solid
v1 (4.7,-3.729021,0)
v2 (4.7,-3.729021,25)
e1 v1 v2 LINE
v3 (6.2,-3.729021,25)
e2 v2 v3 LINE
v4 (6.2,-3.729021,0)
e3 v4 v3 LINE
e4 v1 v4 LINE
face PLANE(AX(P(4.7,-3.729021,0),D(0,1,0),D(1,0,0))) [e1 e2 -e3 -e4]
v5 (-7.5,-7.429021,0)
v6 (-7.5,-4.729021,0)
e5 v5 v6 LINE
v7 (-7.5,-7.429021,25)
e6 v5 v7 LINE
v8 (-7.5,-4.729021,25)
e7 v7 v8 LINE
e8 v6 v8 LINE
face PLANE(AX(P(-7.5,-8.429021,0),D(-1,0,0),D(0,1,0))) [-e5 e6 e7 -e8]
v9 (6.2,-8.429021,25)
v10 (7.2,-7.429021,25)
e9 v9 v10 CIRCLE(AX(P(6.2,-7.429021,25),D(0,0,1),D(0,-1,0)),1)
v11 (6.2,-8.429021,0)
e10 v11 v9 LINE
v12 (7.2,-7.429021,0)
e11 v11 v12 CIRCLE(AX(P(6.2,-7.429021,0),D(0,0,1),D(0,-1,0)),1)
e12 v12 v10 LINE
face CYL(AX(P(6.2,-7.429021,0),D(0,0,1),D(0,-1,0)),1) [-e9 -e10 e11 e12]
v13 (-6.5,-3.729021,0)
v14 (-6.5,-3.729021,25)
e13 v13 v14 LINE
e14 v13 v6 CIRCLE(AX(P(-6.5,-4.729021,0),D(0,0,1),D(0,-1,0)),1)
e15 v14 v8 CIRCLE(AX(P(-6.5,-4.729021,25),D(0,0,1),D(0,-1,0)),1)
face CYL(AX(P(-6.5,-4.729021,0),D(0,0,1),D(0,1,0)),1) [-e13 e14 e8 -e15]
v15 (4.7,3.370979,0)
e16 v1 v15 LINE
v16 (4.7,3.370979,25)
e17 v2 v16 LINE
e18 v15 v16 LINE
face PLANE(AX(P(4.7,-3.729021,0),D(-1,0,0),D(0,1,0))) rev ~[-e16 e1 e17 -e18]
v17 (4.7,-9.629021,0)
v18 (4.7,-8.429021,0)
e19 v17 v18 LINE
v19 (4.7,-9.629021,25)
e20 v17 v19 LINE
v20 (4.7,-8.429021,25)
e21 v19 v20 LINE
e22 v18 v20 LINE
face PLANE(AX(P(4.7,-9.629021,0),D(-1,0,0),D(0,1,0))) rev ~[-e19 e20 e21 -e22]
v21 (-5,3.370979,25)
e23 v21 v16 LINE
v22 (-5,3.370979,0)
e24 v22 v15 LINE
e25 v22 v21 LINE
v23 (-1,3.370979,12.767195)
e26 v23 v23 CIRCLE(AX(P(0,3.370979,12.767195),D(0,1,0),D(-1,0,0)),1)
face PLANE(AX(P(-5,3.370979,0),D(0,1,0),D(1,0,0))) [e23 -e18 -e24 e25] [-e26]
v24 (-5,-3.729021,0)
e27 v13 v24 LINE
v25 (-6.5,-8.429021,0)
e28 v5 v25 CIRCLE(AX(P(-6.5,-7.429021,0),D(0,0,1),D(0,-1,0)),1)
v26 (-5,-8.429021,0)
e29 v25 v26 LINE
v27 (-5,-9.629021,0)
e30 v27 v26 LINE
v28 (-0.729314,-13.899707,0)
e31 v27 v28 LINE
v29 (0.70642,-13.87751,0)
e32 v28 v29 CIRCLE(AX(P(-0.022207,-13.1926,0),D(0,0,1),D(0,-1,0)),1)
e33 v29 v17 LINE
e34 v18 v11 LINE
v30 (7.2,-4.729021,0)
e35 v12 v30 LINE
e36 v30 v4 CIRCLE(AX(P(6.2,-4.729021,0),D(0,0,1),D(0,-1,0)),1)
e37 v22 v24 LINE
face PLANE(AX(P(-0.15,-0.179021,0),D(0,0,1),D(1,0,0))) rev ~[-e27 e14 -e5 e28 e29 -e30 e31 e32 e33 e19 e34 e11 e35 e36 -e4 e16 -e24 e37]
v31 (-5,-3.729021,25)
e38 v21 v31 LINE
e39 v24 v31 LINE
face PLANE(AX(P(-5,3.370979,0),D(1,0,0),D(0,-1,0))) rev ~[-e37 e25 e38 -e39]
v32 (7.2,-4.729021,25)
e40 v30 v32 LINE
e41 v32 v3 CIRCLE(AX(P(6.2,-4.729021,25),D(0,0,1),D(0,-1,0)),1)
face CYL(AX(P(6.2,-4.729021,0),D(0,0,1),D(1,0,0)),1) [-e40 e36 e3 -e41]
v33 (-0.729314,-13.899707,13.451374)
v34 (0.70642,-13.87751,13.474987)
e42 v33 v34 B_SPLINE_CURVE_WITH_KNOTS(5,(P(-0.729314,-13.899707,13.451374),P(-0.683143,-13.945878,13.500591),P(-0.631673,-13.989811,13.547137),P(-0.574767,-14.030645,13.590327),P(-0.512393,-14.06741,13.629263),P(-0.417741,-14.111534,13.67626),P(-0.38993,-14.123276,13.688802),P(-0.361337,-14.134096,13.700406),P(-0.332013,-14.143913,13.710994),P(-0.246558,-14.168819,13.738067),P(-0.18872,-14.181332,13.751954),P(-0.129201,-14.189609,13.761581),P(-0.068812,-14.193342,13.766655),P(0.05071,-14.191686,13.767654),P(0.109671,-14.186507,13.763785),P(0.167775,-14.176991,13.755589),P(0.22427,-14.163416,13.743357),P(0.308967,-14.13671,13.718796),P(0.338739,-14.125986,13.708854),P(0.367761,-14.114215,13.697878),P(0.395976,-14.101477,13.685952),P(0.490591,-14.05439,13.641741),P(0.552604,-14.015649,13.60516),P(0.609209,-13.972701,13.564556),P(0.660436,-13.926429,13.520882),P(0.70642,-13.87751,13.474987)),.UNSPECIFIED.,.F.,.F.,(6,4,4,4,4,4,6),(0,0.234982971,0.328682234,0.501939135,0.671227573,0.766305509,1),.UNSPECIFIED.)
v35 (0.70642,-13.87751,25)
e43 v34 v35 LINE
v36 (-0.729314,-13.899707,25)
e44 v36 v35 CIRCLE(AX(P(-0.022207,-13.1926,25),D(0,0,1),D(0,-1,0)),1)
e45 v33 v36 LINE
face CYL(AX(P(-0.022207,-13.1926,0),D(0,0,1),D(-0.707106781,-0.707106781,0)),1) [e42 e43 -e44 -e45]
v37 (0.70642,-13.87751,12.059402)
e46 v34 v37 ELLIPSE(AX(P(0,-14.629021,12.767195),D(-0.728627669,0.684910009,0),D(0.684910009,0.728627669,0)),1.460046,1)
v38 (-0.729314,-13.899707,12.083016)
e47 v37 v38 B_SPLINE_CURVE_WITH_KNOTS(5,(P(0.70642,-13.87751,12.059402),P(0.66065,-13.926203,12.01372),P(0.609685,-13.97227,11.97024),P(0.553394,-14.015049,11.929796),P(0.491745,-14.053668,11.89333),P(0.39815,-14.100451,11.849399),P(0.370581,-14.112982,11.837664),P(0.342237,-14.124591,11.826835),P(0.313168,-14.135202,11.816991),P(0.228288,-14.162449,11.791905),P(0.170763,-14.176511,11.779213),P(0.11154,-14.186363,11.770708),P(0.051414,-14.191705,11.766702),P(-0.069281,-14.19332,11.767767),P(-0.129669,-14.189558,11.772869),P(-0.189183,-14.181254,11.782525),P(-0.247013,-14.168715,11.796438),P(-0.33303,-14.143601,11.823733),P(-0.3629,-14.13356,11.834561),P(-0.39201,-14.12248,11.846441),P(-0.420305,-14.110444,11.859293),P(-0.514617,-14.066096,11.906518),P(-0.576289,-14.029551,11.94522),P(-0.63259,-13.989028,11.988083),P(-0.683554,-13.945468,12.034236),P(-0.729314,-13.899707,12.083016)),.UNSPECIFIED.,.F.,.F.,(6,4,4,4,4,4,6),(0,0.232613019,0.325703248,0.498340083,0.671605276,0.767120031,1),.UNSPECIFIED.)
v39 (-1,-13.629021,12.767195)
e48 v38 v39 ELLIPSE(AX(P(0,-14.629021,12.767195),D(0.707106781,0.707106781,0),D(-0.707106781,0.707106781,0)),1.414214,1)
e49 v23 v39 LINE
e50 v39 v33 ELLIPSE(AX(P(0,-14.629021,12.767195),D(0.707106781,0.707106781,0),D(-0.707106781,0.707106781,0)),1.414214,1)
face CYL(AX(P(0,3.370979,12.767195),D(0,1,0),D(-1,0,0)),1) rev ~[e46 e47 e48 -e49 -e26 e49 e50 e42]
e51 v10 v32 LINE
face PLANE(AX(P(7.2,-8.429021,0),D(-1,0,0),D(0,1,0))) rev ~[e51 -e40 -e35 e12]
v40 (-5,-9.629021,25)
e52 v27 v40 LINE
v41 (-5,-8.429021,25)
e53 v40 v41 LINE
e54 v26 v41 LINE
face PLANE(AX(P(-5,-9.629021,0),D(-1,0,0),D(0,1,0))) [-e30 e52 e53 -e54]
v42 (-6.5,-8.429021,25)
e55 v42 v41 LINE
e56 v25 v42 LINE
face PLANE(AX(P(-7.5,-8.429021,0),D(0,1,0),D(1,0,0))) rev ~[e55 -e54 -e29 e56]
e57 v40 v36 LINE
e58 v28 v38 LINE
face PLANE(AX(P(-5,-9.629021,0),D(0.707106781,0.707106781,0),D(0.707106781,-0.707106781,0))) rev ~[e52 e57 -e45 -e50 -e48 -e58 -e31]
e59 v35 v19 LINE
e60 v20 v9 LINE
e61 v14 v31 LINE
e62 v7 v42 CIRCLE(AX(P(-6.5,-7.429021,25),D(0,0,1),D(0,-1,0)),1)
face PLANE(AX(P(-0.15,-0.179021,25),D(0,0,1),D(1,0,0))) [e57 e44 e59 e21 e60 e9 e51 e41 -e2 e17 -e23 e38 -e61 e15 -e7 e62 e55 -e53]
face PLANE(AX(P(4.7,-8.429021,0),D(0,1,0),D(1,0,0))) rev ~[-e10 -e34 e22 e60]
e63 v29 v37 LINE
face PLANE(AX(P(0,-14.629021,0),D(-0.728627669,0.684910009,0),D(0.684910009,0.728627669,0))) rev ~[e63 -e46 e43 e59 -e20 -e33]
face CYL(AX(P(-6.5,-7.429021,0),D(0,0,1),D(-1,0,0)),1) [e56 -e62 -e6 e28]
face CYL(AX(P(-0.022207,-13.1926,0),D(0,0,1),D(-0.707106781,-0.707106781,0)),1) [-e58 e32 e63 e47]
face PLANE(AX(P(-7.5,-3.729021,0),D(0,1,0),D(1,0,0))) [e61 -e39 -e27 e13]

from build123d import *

# Parameters (mm, degrees)
F0_W     = 9.7
F0_H     = 7.1
F0_H_2   = 4.7
F0_W_2   = 2.5
F0_H_3   = 1.2
F1_DEPTH = 25
F2_R     = 1
F3_R     = 1
F4_DEPTH = 17.5645790518
F5_R     = 1
F6_DEPTH = 22.29565


with BuildPart() as f1:
    # F0 (on Top) → F1 (new body)
    with BuildSketch(Plane.XY):
        with Locations((-0.15, -0.179021287)):
            Rectangle(F0_W, F0_H)
        with Locations((-0.15, -6.079021287)):
            Rectangle(F0_W, F0_H_2)
        with Locations((-6.25, -6.079021287)):
            Rectangle(F0_W_2, F0_H_2)
        with Locations((5.95, -6.079021287)):
            Rectangle(F0_W_2, F0_H_2)
        with Locations((-0.15, -9.029021287)):
            Rectangle(F0_W, F0_H_3)
        Polygon((4.7, -9.629021287), (-5, -9.629021287), (0, -14.629021287), align=None)
    extrude(amount=F1_DEPTH)

    # F2
    f2_edges = [f1.edges().sort_by_distance(p)[0] for p in [
        (-7.5, -3.729021, 12.5),
        (-7.5, -8.429021, 12.5),
        (7.2, -3.729021, 12.5),
        (7.2, -8.429021, 12.5),
        (0, -14.629021, 12.5),
    ]]
    fillet(f2_edges, radius=F2_R)

    # F3 (on face) → F4 (cut, through all)
    with BuildSketch(Plane(origin=(0, 3.370978713, 0), x_dir=(-1, 0, 0), z_dir=(0, 1, 0))):
        with Locations((0, 12.7671947703)):
            Circle(F3_R)
    extrude(amount=-F4_DEPTH, mode=Mode.SUBTRACT)

    # F5 (on face) → F6 (cut)
    with BuildSketch(Plane(origin=(0, 3.370978713, 0), x_dir=(-1, 0, 0), z_dir=(0, 1, 0))):
        with Locations((0, 18.7855240438)):
            Circle(F5_R)
    extrude(amount=F6_DEPTH, mode=Mode.SUBTRACT)


solid = f1.part
